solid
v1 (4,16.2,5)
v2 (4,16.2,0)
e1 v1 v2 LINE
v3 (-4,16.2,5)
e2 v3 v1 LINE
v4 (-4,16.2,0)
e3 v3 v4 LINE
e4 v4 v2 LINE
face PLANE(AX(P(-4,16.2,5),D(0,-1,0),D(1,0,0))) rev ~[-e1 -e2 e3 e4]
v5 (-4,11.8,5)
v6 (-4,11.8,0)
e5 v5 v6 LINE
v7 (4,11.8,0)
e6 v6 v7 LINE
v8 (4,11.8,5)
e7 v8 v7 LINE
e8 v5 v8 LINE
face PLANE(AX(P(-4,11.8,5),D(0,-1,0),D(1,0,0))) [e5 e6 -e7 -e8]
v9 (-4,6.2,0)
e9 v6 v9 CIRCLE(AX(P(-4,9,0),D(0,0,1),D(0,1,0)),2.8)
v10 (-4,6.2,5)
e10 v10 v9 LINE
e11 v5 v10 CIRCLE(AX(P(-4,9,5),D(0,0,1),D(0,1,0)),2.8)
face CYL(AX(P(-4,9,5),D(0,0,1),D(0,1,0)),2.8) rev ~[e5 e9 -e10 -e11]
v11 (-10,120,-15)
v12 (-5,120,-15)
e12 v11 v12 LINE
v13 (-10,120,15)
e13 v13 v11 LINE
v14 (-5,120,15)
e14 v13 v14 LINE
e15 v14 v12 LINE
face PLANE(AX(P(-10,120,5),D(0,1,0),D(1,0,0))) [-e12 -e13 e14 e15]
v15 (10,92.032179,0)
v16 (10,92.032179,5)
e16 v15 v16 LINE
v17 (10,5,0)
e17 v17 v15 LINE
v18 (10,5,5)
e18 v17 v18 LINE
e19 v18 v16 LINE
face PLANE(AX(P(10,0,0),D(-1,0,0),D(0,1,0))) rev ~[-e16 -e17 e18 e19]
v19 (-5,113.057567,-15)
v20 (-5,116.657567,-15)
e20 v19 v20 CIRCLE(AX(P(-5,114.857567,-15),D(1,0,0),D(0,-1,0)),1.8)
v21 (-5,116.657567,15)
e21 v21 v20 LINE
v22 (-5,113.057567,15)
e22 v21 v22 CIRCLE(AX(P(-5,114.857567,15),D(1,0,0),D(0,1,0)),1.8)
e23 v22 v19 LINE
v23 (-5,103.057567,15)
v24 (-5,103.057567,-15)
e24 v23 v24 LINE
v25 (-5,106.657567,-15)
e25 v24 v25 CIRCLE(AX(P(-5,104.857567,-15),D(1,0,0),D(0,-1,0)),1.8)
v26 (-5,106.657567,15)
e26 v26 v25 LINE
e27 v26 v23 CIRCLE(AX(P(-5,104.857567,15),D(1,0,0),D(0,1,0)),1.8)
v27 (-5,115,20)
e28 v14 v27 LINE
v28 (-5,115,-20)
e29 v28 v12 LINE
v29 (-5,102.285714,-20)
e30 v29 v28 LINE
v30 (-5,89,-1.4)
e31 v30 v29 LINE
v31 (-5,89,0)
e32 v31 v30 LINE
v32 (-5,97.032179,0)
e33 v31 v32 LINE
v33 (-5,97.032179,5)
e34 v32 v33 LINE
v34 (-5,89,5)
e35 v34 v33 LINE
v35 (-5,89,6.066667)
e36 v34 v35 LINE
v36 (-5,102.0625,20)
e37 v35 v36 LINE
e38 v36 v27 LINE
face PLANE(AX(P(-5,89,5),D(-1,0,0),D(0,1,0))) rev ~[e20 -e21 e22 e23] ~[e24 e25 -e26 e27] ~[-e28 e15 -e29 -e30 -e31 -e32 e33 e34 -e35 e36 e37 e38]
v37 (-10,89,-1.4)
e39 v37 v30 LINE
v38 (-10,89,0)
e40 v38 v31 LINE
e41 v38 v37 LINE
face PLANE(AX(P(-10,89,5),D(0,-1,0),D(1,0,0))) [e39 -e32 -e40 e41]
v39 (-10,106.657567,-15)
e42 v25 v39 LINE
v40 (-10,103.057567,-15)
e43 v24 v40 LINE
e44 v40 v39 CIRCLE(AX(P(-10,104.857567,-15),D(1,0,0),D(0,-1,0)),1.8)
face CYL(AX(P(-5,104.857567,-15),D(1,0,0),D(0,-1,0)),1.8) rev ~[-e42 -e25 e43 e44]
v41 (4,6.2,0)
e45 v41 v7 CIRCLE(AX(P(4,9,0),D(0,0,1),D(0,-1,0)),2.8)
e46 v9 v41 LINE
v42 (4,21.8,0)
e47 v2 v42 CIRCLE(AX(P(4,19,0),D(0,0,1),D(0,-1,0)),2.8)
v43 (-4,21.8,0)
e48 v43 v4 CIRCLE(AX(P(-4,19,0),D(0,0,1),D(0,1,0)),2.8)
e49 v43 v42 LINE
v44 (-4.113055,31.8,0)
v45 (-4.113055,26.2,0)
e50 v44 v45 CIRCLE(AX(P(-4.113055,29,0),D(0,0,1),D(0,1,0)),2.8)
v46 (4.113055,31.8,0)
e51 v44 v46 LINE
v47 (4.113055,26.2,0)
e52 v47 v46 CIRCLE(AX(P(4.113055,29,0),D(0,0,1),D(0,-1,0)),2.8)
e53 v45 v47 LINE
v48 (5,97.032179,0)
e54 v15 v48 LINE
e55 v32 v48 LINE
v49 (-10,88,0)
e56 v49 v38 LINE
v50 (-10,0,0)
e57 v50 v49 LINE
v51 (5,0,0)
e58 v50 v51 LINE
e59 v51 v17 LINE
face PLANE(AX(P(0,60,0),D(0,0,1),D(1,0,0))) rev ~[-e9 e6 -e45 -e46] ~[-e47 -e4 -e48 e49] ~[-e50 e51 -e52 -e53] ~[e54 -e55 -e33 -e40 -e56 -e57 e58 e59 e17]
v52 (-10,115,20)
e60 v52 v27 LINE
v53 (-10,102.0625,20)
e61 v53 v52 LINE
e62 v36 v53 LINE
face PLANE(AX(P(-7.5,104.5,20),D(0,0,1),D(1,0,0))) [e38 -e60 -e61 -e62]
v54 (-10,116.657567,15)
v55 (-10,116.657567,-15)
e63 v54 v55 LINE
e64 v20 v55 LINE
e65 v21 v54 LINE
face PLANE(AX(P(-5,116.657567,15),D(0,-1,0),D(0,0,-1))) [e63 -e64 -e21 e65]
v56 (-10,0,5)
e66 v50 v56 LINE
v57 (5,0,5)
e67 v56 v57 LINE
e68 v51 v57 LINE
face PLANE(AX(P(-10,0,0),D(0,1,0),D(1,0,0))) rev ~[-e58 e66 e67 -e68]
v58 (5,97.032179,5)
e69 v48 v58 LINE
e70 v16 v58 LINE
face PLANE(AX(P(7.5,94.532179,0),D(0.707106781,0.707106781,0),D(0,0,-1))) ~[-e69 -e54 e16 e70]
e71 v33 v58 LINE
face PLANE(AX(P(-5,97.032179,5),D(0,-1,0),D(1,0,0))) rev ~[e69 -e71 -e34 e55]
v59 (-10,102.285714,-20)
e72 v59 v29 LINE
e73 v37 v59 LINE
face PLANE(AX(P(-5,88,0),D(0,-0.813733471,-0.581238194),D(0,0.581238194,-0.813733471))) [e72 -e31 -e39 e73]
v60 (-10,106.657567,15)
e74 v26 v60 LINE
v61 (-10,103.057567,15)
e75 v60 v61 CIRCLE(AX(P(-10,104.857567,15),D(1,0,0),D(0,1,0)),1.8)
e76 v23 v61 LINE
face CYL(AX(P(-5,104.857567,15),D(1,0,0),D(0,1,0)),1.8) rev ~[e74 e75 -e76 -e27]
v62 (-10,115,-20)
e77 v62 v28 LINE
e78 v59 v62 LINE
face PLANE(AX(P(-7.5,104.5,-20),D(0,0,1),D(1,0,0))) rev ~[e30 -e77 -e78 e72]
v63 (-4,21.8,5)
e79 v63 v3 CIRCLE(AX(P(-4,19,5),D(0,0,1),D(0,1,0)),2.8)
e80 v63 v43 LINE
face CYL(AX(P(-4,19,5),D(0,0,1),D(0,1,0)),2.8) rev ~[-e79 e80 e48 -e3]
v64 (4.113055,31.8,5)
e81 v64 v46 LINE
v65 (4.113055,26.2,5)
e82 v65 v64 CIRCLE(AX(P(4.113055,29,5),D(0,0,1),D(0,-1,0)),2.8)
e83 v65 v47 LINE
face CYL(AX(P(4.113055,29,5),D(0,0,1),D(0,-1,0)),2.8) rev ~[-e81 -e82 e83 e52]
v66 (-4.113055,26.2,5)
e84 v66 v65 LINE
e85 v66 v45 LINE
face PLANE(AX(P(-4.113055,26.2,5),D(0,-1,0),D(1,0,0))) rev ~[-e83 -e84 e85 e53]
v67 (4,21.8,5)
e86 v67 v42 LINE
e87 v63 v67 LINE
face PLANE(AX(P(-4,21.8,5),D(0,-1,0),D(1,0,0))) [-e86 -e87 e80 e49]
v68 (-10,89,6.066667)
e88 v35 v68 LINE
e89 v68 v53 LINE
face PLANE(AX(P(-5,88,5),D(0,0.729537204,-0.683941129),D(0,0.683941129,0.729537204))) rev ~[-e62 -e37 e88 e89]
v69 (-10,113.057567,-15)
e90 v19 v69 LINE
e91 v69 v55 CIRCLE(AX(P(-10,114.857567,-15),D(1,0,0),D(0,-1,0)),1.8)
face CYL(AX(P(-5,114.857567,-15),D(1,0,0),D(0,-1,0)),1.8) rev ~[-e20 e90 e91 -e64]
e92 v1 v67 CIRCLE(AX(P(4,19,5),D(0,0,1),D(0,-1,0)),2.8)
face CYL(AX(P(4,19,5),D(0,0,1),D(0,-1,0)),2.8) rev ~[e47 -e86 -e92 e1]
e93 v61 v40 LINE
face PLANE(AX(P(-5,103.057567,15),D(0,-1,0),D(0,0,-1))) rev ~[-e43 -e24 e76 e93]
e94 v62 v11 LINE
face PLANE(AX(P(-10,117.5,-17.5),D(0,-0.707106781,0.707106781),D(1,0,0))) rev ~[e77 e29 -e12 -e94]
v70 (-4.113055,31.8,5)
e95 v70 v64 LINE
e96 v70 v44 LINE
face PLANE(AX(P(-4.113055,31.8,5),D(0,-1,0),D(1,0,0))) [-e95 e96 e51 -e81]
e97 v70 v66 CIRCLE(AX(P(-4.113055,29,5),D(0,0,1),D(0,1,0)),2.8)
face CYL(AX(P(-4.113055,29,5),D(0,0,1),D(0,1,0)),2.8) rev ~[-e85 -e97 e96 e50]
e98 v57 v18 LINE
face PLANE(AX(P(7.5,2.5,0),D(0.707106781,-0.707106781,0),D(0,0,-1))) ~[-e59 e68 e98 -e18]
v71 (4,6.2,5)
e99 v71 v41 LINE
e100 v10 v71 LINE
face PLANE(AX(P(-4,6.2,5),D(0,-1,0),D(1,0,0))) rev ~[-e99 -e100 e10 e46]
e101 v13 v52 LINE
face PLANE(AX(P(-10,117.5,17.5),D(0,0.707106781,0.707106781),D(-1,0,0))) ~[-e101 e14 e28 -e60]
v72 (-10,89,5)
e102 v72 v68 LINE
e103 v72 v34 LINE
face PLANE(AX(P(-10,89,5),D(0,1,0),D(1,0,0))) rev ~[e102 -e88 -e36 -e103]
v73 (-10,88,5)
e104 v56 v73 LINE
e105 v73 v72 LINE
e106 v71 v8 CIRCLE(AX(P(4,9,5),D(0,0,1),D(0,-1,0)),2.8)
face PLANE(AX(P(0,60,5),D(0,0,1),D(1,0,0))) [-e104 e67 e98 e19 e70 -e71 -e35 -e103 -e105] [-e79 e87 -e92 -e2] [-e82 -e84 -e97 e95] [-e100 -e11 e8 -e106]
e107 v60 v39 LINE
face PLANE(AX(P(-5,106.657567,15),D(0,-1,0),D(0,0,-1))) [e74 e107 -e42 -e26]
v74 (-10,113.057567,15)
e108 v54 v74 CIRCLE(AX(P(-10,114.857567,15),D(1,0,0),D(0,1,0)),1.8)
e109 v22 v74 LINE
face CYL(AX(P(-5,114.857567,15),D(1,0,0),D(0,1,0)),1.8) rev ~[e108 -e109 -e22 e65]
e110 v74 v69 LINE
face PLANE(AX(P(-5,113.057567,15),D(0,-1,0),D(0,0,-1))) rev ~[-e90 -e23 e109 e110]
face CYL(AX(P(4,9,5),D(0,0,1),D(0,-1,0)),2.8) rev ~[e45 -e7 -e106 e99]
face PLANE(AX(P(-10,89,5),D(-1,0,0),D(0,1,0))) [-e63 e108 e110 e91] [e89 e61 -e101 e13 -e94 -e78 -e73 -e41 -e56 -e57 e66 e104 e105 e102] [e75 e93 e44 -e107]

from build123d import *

# Parameters (mm, degrees)
SKETCH_W          = 20
SKETCH_H          = 120
PAD_DEPTH         = 5
SKETCH001_W       = 15.635981
SKETCH001_H       = 23
POCKET_DEPTH      = 5.001
SKETCH002_W       = 5
SKETCH002_H       = 31
PAD001_DEPTH      = 15
PAD001_DEPTH_BACK = 25
POCKET001_DEPTH   = 5
CHAMFER_SIZE      = 5


with BuildPart() as part:
    # Sketch → Pad (new body)
    with BuildSketch(Plane.XY):
        with Locations((0, 60)):
            Rectangle(SKETCH_W, SKETCH_H)
    extrude(amount=PAD_DEPTH)

    # Sketch001 → Pocket (cut, through all)
    with BuildSketch(Plane.XY.offset(5)):
        with BuildLine():
            ThreePointArc((-4, 11.8), (-6.8, 9), (-4, 6.2))
            Line((-4, 6.2), (4, 6.2))
            ThreePointArc((4, 6.2), (6.8, 9), (4, 11.8))
            Line((-4, 11.8), (4, 11.8))
        make_face()
        with BuildLine():
            ThreePointArc((-4, 21.8), (-6.8, 19), (-4, 16.2))
            Line((-4, 16.2), (4, 16.2))
            ThreePointArc((4, 16.2), (6.8, 19), (4, 21.8))
            Line((-4, 21.8), (4, 21.8))
        make_face()
        with Locations((2.81799, 108.532179)):
            Rectangle(SKETCH001_W, SKETCH001_H)
        with BuildLine():
            ThreePointArc((-4.113055, 31.8), (-6.913055, 29), (-4.113055, 26.2))
            Line((-4.113055, 26.2), (4.113055, 26.2))
            ThreePointArc((4.113055, 26.2), (6.913055, 29), (4.113055, 31.8))
            Line((-4.113055, 31.8), (4.113055, 31.8))
        make_face()
    extrude(amount=-POCKET_DEPTH, mode=Mode.SUBTRACT)

    # Sketch002 → Pad001 (new body, two sides)
    with BuildSketch(Plane.XY.offset(5)) as pad001_sk:
        with Locations((-7.5, 104.5)):
            Rectangle(SKETCH002_W, SKETCH002_H)
    extrude(amount=PAD001_DEPTH)
    extrude(pad001_sk.sketch, amount=-PAD001_DEPTH_BACK)

    # Sketch003 → Pocket001 (cut)
    with BuildSketch(Plane.YZ.offset(-5)):
        with BuildLine():
            ThreePointArc((116.657567, 15), (114.857567, 16.8), (113.057567, 15))
            Line((113.057567, 15), (113.057567, -15))
            ThreePointArc((113.057567, -15), (114.857567, -16.8), (116.657567, -15))
            Line((116.657567, 15), (116.657567, -15))
        make_face()
        with BuildLine():
            ThreePointArc((106.657567, 15), (104.857567, 16.8), (103.057567, 15))
            Line((103.057567, 15), (103.057567, -15))
            ThreePointArc((103.057567, -15), (104.857567, -16.8), (106.657567, -15))
            Line((106.657567, 15), (106.657567, -15))
        make_face()
        Polygon((88, 5), (103, 21), (88, 21), align=None)
        Polygon((88, 0), (103, -21), (88, -21), align=None)
    extrude(amount=-POCKET001_DEPTH, mode=Mode.SUBTRACT)

    # Chamfer
    chamfer_edges = [part.edges().sort_by_distance(p)[0] for p in [
        (10, 0, 2.5),
        (10, 97.032179, 2.5),
        (-7.5, 120, 20),
        (-7.5, 120, -20),
    ]]
    chamfer(chamfer_edges, length=CHAMFER_SIZE)


solid = part.part
